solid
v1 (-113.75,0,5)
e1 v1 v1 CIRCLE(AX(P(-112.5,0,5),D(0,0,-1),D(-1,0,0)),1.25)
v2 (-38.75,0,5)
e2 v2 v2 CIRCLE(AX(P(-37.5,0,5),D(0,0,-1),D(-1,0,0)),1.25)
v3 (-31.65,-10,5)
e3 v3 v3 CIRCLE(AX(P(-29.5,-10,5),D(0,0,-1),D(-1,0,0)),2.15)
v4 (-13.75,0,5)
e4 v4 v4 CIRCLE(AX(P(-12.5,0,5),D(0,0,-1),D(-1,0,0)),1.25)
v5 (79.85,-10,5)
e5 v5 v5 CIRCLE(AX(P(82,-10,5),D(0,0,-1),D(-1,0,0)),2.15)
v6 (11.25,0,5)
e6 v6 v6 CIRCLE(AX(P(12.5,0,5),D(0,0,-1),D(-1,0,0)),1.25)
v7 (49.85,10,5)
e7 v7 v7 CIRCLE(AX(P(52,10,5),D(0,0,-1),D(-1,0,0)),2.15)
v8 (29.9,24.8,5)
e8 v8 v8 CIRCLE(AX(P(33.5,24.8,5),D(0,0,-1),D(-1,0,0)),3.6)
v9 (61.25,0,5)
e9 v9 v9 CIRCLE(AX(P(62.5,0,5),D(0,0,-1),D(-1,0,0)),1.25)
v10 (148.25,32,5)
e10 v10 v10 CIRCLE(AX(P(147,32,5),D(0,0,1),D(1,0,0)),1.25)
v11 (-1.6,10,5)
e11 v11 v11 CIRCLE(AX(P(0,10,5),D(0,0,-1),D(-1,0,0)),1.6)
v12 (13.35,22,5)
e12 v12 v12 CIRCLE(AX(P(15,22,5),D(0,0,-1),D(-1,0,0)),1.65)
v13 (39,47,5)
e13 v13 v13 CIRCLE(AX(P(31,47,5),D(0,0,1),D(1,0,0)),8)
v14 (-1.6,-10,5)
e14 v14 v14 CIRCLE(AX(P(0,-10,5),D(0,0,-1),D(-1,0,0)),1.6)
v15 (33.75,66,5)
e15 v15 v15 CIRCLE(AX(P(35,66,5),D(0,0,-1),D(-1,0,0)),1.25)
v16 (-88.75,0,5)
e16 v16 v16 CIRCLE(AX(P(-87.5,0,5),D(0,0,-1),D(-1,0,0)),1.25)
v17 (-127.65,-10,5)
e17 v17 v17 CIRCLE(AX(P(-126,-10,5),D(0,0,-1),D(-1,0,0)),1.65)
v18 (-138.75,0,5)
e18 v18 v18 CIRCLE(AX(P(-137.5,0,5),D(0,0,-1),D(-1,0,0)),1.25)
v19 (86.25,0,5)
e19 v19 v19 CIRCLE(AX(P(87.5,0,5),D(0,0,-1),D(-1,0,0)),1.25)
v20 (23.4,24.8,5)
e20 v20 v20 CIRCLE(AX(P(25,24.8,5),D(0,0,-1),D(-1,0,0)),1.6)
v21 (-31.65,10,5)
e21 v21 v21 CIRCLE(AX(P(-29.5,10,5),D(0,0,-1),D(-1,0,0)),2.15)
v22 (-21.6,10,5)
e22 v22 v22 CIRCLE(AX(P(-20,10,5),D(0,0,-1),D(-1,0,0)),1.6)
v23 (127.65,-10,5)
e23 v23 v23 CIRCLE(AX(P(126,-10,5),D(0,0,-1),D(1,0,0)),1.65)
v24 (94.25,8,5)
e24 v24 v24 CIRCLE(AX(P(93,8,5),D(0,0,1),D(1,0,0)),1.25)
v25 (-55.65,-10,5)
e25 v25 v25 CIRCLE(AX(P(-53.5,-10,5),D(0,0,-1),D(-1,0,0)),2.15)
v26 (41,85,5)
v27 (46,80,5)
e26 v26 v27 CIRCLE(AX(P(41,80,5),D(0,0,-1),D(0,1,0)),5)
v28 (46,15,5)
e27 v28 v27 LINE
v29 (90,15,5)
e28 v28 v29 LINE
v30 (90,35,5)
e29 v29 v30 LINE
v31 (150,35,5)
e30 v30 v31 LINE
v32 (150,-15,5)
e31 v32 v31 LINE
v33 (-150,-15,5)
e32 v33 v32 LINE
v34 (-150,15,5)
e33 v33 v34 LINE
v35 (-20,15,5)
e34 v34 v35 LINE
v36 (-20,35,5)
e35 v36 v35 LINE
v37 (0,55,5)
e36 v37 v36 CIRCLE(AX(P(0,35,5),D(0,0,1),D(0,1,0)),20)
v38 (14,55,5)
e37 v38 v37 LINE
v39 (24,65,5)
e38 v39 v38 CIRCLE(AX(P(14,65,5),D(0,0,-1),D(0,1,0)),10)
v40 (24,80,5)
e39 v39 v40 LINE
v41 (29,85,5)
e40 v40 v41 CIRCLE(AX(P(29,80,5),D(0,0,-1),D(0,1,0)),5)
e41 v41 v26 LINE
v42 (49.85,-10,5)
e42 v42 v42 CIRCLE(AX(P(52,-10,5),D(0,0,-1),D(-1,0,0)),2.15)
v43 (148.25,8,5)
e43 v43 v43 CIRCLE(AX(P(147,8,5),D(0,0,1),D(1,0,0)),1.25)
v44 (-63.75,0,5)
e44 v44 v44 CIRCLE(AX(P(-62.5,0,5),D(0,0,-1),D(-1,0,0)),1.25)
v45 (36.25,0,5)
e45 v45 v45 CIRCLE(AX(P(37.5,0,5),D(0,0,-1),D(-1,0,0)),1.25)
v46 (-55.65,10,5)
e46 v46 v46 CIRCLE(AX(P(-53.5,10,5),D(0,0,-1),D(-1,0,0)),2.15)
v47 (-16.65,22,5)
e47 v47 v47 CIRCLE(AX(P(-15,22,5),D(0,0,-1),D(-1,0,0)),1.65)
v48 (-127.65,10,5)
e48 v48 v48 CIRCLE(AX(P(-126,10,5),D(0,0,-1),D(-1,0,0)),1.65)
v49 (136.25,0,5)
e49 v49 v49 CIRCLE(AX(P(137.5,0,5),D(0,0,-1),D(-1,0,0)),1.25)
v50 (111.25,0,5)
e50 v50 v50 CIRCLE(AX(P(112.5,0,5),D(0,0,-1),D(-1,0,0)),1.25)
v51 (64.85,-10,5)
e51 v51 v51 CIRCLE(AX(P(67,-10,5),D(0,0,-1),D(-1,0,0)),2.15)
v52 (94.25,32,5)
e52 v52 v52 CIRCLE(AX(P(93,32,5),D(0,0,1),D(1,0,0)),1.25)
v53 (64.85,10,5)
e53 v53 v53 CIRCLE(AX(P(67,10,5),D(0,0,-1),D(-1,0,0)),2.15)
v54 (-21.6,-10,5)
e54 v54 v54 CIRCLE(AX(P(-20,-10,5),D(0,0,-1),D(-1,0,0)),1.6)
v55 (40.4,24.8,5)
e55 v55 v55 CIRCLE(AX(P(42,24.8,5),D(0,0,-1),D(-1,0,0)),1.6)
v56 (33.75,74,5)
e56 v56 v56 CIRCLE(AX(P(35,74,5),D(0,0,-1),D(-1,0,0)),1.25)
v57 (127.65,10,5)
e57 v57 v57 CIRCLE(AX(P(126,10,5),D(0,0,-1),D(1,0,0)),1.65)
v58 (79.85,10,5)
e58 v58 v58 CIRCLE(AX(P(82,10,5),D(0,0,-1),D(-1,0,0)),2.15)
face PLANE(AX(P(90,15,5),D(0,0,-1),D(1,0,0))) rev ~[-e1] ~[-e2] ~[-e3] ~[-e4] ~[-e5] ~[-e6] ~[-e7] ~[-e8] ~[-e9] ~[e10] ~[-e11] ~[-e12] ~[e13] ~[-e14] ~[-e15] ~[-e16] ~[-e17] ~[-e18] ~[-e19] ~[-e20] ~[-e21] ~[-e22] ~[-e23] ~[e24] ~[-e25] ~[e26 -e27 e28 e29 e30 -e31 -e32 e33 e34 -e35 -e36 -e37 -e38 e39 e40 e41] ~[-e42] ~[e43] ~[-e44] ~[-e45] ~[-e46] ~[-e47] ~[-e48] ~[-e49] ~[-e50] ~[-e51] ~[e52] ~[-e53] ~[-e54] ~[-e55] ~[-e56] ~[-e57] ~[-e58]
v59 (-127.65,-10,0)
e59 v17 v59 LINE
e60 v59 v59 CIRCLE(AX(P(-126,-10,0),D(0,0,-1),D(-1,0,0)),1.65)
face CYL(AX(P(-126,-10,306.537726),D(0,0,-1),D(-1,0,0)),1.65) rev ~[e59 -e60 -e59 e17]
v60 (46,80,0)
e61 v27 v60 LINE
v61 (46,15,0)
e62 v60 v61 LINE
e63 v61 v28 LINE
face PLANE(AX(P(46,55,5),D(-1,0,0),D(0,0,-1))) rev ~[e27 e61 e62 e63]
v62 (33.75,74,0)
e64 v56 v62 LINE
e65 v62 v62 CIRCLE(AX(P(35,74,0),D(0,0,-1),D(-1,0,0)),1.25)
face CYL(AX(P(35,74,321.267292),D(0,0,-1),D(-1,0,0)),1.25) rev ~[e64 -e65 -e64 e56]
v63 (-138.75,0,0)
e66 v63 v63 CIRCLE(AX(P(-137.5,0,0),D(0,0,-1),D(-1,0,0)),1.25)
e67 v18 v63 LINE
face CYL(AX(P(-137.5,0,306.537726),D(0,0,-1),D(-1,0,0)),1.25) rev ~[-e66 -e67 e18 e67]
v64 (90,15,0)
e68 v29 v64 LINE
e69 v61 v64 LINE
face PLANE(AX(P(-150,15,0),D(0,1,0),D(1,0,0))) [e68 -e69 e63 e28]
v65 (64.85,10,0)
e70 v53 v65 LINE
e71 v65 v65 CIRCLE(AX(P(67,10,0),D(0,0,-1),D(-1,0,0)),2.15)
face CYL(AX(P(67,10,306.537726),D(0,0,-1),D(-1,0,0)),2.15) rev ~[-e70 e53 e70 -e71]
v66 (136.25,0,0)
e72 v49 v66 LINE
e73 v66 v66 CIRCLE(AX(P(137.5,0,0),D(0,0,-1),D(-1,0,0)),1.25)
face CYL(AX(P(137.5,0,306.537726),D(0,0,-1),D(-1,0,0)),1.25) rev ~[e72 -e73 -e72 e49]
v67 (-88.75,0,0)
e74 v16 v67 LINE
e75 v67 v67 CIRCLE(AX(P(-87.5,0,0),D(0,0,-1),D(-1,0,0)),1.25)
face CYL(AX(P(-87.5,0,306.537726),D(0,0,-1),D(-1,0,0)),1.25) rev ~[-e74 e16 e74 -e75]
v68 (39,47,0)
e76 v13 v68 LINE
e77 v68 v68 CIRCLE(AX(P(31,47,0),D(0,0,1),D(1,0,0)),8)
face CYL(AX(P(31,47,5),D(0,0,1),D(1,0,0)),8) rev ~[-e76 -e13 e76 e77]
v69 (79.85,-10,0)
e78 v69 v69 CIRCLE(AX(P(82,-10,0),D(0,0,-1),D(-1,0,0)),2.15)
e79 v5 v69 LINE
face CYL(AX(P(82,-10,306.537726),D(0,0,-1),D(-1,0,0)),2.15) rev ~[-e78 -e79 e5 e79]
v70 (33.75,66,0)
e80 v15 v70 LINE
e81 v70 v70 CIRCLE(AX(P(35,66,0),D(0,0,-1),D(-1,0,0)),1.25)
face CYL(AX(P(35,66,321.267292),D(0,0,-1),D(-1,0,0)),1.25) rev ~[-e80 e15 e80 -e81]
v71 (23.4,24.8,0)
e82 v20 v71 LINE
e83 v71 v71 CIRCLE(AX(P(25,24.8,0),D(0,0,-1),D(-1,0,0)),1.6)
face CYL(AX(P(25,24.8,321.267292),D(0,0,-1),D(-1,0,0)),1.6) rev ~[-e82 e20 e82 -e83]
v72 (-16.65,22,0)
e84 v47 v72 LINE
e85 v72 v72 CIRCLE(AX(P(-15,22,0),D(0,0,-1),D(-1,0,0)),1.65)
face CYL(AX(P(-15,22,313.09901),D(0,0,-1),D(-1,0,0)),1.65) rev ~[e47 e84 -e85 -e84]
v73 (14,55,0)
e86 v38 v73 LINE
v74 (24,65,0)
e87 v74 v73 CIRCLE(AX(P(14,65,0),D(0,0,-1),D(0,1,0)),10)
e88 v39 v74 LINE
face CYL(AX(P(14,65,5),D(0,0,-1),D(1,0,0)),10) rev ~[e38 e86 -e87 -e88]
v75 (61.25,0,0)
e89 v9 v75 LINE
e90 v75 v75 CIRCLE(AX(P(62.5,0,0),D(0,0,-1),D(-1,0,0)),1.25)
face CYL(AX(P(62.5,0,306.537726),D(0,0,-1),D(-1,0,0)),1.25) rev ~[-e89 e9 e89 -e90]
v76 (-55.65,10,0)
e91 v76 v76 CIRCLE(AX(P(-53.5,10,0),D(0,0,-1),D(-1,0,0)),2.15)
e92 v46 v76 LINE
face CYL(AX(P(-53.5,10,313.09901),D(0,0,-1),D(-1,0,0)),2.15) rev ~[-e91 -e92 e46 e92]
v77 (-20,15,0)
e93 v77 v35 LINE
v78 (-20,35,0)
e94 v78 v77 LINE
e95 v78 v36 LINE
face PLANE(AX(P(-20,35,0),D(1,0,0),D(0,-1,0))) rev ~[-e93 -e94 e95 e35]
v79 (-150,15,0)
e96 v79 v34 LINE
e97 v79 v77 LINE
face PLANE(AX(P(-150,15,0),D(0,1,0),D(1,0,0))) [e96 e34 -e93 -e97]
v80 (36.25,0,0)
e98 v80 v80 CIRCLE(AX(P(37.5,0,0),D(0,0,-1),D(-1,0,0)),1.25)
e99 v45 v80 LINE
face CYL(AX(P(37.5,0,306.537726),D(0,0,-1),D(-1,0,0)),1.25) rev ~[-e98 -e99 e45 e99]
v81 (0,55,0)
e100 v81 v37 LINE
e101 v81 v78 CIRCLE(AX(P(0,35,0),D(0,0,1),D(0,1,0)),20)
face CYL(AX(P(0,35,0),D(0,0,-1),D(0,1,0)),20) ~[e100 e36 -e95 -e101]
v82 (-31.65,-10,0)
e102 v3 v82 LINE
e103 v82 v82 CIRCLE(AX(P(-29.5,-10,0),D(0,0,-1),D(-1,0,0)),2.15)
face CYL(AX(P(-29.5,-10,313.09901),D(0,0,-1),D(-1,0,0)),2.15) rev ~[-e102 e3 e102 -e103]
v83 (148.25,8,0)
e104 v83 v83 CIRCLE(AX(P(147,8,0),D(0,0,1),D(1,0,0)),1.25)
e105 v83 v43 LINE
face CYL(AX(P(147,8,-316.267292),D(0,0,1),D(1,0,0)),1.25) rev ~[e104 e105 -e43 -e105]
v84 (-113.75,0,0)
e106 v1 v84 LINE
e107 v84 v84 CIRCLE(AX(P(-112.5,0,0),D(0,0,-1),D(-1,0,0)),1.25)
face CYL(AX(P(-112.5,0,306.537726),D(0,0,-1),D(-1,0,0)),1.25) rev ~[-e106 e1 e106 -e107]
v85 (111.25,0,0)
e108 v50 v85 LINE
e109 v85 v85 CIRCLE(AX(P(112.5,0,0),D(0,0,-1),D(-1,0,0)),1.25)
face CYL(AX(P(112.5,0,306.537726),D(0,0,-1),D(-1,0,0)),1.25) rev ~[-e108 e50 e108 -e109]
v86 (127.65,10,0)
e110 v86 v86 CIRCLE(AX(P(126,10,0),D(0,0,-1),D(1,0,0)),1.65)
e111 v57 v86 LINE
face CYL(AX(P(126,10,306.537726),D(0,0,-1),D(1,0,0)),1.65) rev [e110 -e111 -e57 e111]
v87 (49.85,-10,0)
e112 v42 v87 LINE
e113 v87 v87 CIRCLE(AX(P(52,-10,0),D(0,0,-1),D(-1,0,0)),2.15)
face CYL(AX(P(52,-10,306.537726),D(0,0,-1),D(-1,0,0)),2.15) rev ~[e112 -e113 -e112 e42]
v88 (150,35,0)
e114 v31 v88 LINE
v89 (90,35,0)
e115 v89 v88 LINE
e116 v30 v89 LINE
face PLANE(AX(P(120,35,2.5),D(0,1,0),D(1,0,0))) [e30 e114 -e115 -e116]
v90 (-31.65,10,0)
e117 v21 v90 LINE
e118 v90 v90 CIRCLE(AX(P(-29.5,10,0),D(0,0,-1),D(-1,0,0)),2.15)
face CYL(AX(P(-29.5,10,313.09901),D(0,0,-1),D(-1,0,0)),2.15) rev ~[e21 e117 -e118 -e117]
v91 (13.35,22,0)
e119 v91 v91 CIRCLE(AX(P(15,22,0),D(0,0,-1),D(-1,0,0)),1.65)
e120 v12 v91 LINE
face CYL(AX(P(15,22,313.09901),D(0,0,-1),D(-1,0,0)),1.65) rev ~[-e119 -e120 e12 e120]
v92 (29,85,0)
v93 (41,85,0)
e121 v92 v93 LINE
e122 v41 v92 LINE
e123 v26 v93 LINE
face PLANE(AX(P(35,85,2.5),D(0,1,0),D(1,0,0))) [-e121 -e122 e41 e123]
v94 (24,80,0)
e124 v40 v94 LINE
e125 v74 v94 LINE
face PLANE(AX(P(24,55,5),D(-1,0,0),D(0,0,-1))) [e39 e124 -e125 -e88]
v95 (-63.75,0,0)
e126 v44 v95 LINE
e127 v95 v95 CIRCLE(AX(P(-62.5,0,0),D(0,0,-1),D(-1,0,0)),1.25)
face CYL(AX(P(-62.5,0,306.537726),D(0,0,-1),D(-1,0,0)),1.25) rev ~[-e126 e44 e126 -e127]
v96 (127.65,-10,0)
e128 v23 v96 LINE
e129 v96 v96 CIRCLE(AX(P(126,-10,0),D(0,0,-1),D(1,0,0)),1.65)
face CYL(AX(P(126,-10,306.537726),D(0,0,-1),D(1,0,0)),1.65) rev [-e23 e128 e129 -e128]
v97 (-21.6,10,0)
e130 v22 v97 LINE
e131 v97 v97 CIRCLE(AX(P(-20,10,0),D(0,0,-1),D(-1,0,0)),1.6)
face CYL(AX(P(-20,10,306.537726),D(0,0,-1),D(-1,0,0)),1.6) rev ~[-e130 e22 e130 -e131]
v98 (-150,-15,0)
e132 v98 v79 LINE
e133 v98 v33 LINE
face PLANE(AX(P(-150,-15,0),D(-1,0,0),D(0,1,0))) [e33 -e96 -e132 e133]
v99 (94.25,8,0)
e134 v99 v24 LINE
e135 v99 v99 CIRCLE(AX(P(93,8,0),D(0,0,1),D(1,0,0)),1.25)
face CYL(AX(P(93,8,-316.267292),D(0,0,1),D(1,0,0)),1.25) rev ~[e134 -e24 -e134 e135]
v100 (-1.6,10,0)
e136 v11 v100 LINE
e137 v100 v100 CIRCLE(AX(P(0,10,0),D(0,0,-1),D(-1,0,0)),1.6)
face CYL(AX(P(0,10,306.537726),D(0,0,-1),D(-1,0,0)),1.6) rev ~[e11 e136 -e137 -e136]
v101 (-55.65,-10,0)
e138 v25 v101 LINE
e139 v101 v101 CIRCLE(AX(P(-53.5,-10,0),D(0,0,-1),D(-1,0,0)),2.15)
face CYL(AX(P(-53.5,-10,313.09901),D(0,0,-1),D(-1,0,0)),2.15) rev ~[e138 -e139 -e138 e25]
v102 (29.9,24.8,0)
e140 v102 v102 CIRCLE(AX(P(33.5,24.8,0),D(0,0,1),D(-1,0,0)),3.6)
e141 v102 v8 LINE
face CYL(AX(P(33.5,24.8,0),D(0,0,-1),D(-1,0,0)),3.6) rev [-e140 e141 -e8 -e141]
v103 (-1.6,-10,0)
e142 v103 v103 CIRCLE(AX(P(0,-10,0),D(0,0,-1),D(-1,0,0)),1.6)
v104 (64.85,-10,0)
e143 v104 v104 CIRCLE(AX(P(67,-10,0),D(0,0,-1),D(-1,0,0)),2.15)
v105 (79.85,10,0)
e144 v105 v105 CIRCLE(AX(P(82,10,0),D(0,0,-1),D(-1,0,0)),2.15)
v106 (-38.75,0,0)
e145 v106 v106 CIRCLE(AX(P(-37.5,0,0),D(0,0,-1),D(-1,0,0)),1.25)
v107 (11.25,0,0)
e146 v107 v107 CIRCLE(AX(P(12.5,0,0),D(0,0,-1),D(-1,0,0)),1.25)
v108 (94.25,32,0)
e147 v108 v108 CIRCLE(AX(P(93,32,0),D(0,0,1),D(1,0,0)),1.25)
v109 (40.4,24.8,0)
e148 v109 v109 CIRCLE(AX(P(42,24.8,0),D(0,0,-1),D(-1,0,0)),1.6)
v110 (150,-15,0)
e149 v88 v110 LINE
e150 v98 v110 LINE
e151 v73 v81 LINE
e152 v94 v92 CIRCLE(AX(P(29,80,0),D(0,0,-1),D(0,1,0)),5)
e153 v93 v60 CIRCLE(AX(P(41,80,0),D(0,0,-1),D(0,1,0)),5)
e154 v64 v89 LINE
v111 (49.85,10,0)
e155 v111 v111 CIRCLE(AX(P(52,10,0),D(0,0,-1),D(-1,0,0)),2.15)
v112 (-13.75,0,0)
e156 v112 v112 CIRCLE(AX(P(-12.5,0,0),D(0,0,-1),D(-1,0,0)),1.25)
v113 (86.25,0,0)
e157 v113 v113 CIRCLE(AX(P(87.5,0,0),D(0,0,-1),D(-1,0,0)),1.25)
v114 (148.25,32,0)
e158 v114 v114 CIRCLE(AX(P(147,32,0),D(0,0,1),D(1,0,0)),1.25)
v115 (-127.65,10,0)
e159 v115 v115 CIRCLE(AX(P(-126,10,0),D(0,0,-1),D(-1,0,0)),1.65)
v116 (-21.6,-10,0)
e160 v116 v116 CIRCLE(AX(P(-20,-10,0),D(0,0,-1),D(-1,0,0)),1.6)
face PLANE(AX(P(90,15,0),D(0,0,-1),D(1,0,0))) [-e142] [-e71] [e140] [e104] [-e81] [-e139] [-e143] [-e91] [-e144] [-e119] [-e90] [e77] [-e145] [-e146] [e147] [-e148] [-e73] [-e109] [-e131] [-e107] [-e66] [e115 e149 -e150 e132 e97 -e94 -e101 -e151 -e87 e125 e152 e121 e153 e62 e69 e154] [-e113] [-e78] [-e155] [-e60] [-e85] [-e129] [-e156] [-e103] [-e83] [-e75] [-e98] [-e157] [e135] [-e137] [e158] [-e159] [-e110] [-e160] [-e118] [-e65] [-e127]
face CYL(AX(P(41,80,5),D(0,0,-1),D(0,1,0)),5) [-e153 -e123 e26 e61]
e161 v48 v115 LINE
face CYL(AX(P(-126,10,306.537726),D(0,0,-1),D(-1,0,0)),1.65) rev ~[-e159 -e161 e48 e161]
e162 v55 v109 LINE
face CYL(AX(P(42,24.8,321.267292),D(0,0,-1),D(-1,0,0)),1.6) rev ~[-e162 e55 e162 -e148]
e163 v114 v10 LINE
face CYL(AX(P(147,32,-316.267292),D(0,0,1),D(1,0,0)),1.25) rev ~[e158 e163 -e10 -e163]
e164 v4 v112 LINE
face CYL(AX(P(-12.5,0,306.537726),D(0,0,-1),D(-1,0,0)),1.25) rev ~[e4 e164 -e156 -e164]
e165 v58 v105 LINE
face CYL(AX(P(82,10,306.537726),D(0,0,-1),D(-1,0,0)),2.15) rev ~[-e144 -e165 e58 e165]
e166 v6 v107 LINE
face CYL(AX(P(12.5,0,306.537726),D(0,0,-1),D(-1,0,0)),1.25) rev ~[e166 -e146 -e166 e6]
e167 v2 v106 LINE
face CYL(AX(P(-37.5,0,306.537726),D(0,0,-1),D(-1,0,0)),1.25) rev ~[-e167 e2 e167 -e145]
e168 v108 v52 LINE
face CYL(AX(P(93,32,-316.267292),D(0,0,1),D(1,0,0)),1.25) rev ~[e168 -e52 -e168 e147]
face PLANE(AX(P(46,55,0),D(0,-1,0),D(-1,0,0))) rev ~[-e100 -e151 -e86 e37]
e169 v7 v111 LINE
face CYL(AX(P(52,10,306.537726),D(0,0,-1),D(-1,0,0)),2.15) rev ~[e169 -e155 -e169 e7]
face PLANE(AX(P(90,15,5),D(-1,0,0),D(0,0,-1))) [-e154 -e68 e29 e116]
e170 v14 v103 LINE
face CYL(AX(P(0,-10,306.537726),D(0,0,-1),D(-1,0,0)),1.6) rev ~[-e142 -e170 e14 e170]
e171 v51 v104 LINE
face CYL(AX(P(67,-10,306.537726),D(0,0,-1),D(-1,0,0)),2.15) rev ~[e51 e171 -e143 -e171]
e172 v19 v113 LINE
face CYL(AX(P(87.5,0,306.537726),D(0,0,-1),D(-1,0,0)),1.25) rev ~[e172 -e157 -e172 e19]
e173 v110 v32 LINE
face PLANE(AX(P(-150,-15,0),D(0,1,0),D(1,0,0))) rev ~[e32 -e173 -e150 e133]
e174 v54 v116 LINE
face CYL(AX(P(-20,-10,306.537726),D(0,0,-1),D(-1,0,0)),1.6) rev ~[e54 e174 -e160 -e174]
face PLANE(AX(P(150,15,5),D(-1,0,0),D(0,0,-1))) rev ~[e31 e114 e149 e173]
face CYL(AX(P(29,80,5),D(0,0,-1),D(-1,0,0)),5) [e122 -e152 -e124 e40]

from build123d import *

# Parameters (mm, degrees)
SKETCH_1_W                 = 300
SKETCH_1_H                 = 30
EXTRUDE_1_DEPTH            = 5
HOLE_WIZARD_M3_1_D         = 3.2
M3X0_5_1_D                 = 2.5
HOLE_WIZARD_M4_2_D         = 4.3
M4X0_7_2_D                 = 3.3
PATTERN_LINEAR_1_COUNT     = 6
PATTERN_LINEAR_1_PITCH     = 25
PATTERN_LINEAR_1_COL_COUNT = 7
PATTERN_LINEAR_1_COL_PITCH = 25
EXTRUDE_3_DEPTH            = 5
SKETCH_13_R                = 3.6
CUT_EXTRUDE_2_DEPTH        = 160.843673631
M4X0_7_3_D                 = 3.3
HOLE_WIZARD_M4_1_D         = 4.3
SKETCH_26_W                = 22
SKETCH_26_H                = 5
EXTRUDE_4_DEPTH            = 30
M3X0_5_2_D                 = 2.5
HOLE_WIZARD_M3_2_D         = 3.2
FILLET_2_R                 = 5
SKETCH_36_R                = 8
CUT_EXTRUDE_3_DEPTH        = 173.481883107
PATTERN_LINEAR_3_COUNT     = 3
PATTERN_LINEAR_3_PITCH     = 15
SKETCH_40_W                = 60
SKETCH_40_H                = 5
EXTRUDE_6_DEPTH            = 20
M3X0_5_3_D                 = 2.5
FILLET_3_R                 = 10


with BuildPart() as part:
    # 草圖1 → 填料-伸長1 (new body)
    with BuildSketch(Plane.XY):
        Rectangle(SKETCH_1_W, SKETCH_1_H)
    extrude(amount=EXTRUDE_1_DEPTH)

    # M3 餘隙孔1 (through all)
    with Locations(Plane.XY.offset(5)):
        with Locations((0, -10), (0, 10), (-20, -10), (-20, 10)):
            Hole(HOLE_WIZARD_M3_1_D / 2)

    # M3x0.5 螺紋孔1 (through all)
    with Locations(Plane.XY.offset(5)):
        with Locations((-12.5, 0)):
            m3x0_5_1 = Hole(M3X0_5_1_D / 2)

    # M4 餘隙孔2 (through all)
    with Locations(Plane.XY.offset(5)):
        with Locations((52, -10), (52, 10)):
            hole_wizard_m4_2 = Hole(HOLE_WIZARD_M4_2_D / 2)

    # M4x0.7 螺紋孔2 (through all)
    with Locations(Plane.XY.offset(5)):
        with Locations((-126, 10), (-126, -10)):
            m4x0_7_2 = Hole(M4X0_7_2_D / 2)

    # 直線複製排列1: M3x0.5 螺紋孔1 ×6
    with Locations(*[(-i * PATTERN_LINEAR_1_PITCH, 0, 0) for i in range(1, PATTERN_LINEAR_1_COUNT)]):
        add(m3x0_5_1, mode=Mode.SUBTRACT)

    # 直線複製排列1 col: M3x0.5 螺紋孔1 ×7
    with Locations(*[(i * PATTERN_LINEAR_1_COL_PITCH, 0, 0) for i in range(1, PATTERN_LINEAR_1_COL_COUNT)]):
        add(m3x0_5_1, mode=Mode.SUBTRACT)

    # 鏡射1: M4x0.7 螺紋孔2 across plane
    add(m4x0_7_2.mirror(Plane(origin=(0, 0, 0), x_dir=(0, 0, 1), z_dir=(1, 0, 0))), mode=Mode.SUBTRACT)

    # 草圖16 → 填料-伸長3 (add, through all)
    with BuildSketch(Plane.XY):
        with BuildLine():
            Line((-20, 15), (46, 15))
            Line((46, 15), (46, 55))
            Line((46, 55), (0, 55))
            ThreePointArc((0, 55), (-14.142135624, 49.142135624), (-20, 35))
            Line((-20, 35), (-20, 15))
        make_face()
    extrude(amount=EXTRUDE_3_DEPTH)

    # 草圖13 → 除料-伸長2 (cut, through all)
    with BuildSketch(Plane.XY):
        with Locations(Location((33.5, 24.8, 0), (0, 0, 180))):
            Circle(SKETCH_13_R)
    extrude(amount=CUT_EXTRUDE_2_DEPTH, mode=Mode.SUBTRACT)

    # M4x0.7 螺紋孔3 (through all)
    with Locations(Plane.XY.offset(5)):
        with Locations((15, 22), (-15, 22)):
            Hole(M4X0_7_3_D / 2)

    # M4 餘隙孔1 (through all)
    with Locations(Plane.XY.offset(5)):
        with Locations((-29.5, -10), (-29.5, 10), (-53.5, -10), (-53.5, 10)):
            Hole(HOLE_WIZARD_M4_1_D / 2)

    # 草圖26 → 填料-伸長4 (add)
    with BuildSketch(Plane(origin=(0, 55, 0), x_dir=(1, 0, 0), z_dir=(0, 1, 0))):
        with Locations((35, -2.5)):
            Rectangle(SKETCH_26_W, SKETCH_26_H)
    extrude(amount=EXTRUDE_4_DEPTH)

    # M3x0.5 螺紋孔2 (through all)
    with Locations(Plane.XY.offset(5)):
        with Locations((35, 74), (35, 66)):
            Hole(M3X0_5_2_D / 2)

    # M3 餘隙孔2 (through all)
    with Locations(Plane.XY.offset(5)):
        with Locations((25, 24.8), (42, 24.8)):
            Hole(HOLE_WIZARD_M3_2_D / 2)

    # 圓角2
    fillet_2_edges = [part.edges().sort_by_distance(p)[0] for p in [
        (46, 85, 2.5),
        (24, 85, 2.5),
    ]]
    fillet(fillet_2_edges, radius=FILLET_2_R)

    # 草圖36 → 除料-伸長3 (cut, through all)
    with BuildSketch(Plane.XY.offset(5)):
        with Locations((31, 47)):
            Circle(SKETCH_36_R)
    extrude(amount=-CUT_EXTRUDE_3_DEPTH, mode=Mode.SUBTRACT)

    # 直線複製排列3: M4 餘隙孔2 ×3
    with Locations(*[(i * PATTERN_LINEAR_3_PITCH, 0, 0) for i in range(1, PATTERN_LINEAR_3_COUNT)]):
        add(hole_wizard_m4_2, mode=Mode.SUBTRACT)

    # 草圖40 → 填料-伸長6 (add)
    with BuildSketch(Plane(origin=(0, 15, 0), x_dir=(1, 0, 0), z_dir=(0, 1, 0))):
        with Locations((120, -2.5)):
            Rectangle(SKETCH_40_W, SKETCH_40_H)
    extrude(amount=EXTRUDE_6_DEPTH)

    # M3x0.5 螺紋孔3 (through all)
    with Locations(Plane(origin=(0, 0, 0), x_dir=(-1, 0, 0), z_dir=(0, 0, -1))):
        with Locations((-147, 32), (-93, 8), (-147, 8), (-93, 32)):
            Hole(M3X0_5_3_D / 2)

    # 圓角3
    fillet_3_edges = [part.edges().sort_by_distance(p)[0] for p in [
        (24, 55, 2.5),
    ]]
    fillet(fillet_3_edges, radius=FILLET_3_R)


solid = part.part
